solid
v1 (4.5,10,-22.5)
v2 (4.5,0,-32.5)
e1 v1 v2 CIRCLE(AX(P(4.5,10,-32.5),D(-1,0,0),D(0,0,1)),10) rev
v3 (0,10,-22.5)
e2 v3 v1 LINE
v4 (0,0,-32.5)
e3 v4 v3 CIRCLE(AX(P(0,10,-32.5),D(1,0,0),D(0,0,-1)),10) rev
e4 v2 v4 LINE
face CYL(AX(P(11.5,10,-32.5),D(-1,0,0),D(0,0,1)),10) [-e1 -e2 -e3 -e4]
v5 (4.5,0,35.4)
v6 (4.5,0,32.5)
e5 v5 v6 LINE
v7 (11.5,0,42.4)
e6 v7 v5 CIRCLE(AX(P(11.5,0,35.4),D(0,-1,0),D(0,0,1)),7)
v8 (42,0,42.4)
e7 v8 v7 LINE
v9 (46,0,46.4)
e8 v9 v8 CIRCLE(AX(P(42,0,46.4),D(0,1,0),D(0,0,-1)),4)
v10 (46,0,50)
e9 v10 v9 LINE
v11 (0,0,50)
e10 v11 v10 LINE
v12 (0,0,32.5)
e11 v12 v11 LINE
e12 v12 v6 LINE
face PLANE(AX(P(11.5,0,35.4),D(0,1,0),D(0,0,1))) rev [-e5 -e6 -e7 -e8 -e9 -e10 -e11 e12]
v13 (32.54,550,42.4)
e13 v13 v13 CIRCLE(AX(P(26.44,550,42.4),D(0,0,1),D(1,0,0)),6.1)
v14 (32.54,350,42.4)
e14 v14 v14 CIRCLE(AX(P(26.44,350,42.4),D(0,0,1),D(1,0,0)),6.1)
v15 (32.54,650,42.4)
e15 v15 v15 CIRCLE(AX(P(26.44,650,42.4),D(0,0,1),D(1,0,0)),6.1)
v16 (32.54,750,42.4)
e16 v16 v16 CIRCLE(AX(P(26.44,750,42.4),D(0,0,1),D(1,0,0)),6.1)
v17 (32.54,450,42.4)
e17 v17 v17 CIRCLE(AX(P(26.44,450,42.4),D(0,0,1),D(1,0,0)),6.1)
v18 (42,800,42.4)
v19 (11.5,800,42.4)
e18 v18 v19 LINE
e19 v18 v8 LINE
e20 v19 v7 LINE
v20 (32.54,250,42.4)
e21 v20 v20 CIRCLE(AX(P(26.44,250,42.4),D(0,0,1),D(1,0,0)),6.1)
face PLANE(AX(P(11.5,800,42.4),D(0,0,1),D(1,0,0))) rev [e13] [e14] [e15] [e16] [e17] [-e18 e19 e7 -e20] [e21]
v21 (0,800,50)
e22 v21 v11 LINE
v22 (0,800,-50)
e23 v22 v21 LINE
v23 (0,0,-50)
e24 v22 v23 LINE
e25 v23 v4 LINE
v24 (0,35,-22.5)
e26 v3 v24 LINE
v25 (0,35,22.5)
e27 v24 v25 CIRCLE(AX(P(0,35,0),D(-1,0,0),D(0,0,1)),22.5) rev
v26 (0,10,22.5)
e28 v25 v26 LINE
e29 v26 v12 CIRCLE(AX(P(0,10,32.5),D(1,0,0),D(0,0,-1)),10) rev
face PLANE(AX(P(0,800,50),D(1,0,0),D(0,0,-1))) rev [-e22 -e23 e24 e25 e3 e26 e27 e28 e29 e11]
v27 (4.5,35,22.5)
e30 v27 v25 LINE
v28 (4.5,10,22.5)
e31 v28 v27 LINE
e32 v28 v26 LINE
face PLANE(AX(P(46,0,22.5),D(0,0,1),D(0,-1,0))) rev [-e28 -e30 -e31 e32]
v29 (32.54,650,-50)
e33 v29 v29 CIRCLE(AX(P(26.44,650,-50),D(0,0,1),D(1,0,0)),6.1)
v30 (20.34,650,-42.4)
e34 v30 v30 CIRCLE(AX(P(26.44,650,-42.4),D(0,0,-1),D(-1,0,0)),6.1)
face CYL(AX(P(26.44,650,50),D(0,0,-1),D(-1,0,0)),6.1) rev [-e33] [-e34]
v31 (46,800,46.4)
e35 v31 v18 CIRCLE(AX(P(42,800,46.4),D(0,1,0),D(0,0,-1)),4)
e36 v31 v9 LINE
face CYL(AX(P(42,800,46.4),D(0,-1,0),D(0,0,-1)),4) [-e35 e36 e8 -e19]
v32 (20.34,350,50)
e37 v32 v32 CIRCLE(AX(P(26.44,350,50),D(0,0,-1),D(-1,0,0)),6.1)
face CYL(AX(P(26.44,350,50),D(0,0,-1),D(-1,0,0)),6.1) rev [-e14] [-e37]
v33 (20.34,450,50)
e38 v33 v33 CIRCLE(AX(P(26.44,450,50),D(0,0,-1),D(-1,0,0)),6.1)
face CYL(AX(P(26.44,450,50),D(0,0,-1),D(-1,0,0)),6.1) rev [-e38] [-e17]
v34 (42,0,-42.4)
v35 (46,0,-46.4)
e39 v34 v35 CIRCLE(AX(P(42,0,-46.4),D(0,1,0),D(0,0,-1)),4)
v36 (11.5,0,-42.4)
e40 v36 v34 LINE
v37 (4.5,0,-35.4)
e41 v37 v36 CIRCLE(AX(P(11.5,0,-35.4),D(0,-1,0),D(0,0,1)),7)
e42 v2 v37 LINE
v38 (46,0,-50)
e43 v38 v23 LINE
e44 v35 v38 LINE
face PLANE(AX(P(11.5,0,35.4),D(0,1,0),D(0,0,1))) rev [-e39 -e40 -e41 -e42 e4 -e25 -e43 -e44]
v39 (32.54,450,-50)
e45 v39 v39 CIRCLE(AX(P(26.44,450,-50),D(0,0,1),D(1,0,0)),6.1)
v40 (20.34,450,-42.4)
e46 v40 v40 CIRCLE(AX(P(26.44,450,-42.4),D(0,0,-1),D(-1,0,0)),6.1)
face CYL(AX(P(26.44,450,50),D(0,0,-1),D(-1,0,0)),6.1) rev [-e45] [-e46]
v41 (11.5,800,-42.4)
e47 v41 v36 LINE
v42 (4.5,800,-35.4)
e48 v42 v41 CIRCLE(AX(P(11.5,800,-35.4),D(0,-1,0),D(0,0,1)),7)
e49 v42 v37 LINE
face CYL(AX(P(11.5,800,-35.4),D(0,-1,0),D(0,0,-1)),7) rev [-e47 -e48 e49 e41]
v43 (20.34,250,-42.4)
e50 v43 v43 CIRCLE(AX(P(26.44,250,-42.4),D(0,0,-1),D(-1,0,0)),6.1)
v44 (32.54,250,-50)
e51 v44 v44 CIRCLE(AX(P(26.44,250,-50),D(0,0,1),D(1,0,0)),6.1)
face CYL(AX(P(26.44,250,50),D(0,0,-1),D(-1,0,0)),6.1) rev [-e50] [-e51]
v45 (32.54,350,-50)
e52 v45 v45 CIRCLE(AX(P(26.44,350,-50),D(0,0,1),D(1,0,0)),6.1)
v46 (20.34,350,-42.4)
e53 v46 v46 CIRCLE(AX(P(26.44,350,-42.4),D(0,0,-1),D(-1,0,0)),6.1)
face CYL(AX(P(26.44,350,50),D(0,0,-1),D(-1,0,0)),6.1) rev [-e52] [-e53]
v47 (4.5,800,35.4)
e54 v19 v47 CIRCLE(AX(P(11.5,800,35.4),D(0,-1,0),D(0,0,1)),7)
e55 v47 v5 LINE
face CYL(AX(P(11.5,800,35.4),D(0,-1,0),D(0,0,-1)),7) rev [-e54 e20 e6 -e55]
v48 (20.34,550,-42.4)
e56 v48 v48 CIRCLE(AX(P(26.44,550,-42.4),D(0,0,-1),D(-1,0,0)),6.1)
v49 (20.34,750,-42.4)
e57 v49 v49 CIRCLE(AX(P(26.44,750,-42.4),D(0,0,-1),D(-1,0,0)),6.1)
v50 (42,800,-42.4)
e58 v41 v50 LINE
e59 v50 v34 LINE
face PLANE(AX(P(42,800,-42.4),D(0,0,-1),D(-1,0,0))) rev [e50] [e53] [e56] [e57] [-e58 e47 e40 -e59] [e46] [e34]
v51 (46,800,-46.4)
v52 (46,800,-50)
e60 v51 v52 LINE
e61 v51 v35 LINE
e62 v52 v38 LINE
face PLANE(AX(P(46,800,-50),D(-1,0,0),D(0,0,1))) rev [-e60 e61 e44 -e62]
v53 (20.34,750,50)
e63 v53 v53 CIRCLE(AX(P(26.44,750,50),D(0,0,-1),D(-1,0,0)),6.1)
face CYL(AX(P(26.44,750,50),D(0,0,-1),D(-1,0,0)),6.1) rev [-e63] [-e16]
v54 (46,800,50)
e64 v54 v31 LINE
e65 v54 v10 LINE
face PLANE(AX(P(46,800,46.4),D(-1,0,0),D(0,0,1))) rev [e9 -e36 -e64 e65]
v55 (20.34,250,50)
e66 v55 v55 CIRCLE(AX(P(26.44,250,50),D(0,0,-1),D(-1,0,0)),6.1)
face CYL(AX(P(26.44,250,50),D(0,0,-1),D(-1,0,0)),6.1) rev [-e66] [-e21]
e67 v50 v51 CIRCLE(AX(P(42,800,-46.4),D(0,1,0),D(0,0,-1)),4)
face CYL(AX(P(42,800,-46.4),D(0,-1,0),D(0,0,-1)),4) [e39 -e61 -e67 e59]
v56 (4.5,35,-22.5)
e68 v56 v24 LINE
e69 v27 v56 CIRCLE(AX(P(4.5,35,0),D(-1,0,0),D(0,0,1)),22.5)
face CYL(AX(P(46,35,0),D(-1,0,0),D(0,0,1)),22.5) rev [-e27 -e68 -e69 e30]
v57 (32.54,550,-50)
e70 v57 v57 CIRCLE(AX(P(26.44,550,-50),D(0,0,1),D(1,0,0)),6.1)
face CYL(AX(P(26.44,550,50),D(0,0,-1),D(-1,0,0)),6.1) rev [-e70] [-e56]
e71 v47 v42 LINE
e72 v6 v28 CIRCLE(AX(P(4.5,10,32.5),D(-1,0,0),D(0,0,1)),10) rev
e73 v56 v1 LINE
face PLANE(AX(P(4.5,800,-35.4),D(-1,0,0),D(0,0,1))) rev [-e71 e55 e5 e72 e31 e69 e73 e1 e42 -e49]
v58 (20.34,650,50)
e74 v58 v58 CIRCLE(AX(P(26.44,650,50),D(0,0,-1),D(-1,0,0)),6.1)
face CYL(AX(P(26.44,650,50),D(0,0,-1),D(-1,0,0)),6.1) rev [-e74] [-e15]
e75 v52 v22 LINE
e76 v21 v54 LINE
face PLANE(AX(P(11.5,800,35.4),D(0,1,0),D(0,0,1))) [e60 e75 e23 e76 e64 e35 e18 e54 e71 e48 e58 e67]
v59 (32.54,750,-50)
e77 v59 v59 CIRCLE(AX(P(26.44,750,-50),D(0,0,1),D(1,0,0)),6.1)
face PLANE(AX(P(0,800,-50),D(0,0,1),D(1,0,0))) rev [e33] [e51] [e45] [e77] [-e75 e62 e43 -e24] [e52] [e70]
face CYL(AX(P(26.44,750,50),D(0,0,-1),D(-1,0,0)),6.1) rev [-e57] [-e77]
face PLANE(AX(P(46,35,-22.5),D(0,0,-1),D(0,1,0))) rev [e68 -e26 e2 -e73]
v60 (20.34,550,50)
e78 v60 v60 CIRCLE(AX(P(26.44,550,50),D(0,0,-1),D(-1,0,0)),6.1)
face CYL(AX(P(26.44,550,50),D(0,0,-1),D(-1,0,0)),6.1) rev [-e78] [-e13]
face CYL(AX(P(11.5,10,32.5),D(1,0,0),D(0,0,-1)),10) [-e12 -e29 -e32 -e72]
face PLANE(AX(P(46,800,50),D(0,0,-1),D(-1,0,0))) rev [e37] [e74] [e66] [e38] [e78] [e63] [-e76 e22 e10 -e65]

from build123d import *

# Parameters (mm, degrees)
EXTRUDE_1_DEPTH          = 800
CUT_EXTRUDE_1_DEPTH      = 803.87981666
CUT_EXTRUDE_1_DEPTH_BACK = 803.87981666
FILLET_1_R               = 10
CUT_EXTRUDE_2_DEPTH      = 808.536996057
CUT_EXTRUDE_2_DEPTH_BACK = 808.536996057
SKETCH_3_R               = 6.1


with BuildPart() as part:
    # Эскиз1 → Бобышка-Вытянуть1 (new body)
    with BuildSketch(Plane(origin=(0, 0, 0), x_dir=(1, 0, 0), z_dir=(0, 1, 0))):
        with BuildLine():
            Line((0, -50), (0, 50))
            Line((0, 50), (46, 50))
            Line((46, 50), (46, 46.4))
            ThreePointArc((46, 46.4), (44.828427125, 43.571572875), (42, 42.4))
            Line((42, 42.4), (11.5, 42.4))
            ThreePointArc((11.5, 42.4), (6.550252532, 40.349747468), (4.5, 35.4))
            Line((4.5, 35.4), (4.5, -35.4))
            ThreePointArc((4.5, -35.4), (6.550252532, -40.349747468), (11.5, -42.4))
            Line((11.5, -42.4), (42, -42.4))
            ThreePointArc((42, -42.4), (44.828427125, -43.571572875), (46, -46.4))
            Line((46, -46.4), (46, -50))
            Line((46, -50), (0, -50))
        make_face()
    extrude(amount=EXTRUDE_1_DEPTH)

    # Эскиз2 → Вырез-Вытянуть1 (cut, two sides: drawn at the far end of the back side and taken through both)
    with BuildSketch(Plane.ZY.offset(-CUT_EXTRUDE_1_DEPTH_BACK)):
        with BuildLine():
            Line((-22.5, 35), (-22.5, 0))
            Line((-22.5, 0), (22.5, 0))
            Line((22.5, 0), (22.5, 35))
            ThreePointArc((22.5, 35), (0, 57.5), (-22.5, 35))
        make_face()
    extrude(amount=CUT_EXTRUDE_1_DEPTH + CUT_EXTRUDE_1_DEPTH_BACK, mode=Mode.SUBTRACT)

    # Скругление1
    fillet_1_edges = [part.edges().sort_by_distance(p)[0] for p in [
        (2.25, 0, -22.5),
        (2.25, 0, 22.5),
    ]]
    fillet(fillet_1_edges, radius=FILLET_1_R)

    # Эскиз3 → Вырез-Вытянуть2 (cut, two sides: drawn at the far end of the back side and taken through both)
    with BuildSketch(Plane(origin=(0, 0, -50), x_dir=(-1, 0, 0), z_dir=(0, 0, -1)).offset(-CUT_EXTRUDE_2_DEPTH_BACK)):
        with Locations((-26.44, 750)):
            Circle(SKETCH_3_R)
        with Locations((-26.44, 650)):
            Circle(SKETCH_3_R)
        with Locations((-26.44, 550)):
            Circle(SKETCH_3_R)
        with Locations((-26.44, 450)):
            Circle(SKETCH_3_R)
        with Locations((-26.44, 350)):
            Circle(SKETCH_3_R)
        with Locations((-26.44, 250)):
            Circle(SKETCH_3_R)
    extrude(amount=CUT_EXTRUDE_2_DEPTH + CUT_EXTRUDE_2_DEPTH_BACK, mode=Mode.SUBTRACT)


solid = part.part
